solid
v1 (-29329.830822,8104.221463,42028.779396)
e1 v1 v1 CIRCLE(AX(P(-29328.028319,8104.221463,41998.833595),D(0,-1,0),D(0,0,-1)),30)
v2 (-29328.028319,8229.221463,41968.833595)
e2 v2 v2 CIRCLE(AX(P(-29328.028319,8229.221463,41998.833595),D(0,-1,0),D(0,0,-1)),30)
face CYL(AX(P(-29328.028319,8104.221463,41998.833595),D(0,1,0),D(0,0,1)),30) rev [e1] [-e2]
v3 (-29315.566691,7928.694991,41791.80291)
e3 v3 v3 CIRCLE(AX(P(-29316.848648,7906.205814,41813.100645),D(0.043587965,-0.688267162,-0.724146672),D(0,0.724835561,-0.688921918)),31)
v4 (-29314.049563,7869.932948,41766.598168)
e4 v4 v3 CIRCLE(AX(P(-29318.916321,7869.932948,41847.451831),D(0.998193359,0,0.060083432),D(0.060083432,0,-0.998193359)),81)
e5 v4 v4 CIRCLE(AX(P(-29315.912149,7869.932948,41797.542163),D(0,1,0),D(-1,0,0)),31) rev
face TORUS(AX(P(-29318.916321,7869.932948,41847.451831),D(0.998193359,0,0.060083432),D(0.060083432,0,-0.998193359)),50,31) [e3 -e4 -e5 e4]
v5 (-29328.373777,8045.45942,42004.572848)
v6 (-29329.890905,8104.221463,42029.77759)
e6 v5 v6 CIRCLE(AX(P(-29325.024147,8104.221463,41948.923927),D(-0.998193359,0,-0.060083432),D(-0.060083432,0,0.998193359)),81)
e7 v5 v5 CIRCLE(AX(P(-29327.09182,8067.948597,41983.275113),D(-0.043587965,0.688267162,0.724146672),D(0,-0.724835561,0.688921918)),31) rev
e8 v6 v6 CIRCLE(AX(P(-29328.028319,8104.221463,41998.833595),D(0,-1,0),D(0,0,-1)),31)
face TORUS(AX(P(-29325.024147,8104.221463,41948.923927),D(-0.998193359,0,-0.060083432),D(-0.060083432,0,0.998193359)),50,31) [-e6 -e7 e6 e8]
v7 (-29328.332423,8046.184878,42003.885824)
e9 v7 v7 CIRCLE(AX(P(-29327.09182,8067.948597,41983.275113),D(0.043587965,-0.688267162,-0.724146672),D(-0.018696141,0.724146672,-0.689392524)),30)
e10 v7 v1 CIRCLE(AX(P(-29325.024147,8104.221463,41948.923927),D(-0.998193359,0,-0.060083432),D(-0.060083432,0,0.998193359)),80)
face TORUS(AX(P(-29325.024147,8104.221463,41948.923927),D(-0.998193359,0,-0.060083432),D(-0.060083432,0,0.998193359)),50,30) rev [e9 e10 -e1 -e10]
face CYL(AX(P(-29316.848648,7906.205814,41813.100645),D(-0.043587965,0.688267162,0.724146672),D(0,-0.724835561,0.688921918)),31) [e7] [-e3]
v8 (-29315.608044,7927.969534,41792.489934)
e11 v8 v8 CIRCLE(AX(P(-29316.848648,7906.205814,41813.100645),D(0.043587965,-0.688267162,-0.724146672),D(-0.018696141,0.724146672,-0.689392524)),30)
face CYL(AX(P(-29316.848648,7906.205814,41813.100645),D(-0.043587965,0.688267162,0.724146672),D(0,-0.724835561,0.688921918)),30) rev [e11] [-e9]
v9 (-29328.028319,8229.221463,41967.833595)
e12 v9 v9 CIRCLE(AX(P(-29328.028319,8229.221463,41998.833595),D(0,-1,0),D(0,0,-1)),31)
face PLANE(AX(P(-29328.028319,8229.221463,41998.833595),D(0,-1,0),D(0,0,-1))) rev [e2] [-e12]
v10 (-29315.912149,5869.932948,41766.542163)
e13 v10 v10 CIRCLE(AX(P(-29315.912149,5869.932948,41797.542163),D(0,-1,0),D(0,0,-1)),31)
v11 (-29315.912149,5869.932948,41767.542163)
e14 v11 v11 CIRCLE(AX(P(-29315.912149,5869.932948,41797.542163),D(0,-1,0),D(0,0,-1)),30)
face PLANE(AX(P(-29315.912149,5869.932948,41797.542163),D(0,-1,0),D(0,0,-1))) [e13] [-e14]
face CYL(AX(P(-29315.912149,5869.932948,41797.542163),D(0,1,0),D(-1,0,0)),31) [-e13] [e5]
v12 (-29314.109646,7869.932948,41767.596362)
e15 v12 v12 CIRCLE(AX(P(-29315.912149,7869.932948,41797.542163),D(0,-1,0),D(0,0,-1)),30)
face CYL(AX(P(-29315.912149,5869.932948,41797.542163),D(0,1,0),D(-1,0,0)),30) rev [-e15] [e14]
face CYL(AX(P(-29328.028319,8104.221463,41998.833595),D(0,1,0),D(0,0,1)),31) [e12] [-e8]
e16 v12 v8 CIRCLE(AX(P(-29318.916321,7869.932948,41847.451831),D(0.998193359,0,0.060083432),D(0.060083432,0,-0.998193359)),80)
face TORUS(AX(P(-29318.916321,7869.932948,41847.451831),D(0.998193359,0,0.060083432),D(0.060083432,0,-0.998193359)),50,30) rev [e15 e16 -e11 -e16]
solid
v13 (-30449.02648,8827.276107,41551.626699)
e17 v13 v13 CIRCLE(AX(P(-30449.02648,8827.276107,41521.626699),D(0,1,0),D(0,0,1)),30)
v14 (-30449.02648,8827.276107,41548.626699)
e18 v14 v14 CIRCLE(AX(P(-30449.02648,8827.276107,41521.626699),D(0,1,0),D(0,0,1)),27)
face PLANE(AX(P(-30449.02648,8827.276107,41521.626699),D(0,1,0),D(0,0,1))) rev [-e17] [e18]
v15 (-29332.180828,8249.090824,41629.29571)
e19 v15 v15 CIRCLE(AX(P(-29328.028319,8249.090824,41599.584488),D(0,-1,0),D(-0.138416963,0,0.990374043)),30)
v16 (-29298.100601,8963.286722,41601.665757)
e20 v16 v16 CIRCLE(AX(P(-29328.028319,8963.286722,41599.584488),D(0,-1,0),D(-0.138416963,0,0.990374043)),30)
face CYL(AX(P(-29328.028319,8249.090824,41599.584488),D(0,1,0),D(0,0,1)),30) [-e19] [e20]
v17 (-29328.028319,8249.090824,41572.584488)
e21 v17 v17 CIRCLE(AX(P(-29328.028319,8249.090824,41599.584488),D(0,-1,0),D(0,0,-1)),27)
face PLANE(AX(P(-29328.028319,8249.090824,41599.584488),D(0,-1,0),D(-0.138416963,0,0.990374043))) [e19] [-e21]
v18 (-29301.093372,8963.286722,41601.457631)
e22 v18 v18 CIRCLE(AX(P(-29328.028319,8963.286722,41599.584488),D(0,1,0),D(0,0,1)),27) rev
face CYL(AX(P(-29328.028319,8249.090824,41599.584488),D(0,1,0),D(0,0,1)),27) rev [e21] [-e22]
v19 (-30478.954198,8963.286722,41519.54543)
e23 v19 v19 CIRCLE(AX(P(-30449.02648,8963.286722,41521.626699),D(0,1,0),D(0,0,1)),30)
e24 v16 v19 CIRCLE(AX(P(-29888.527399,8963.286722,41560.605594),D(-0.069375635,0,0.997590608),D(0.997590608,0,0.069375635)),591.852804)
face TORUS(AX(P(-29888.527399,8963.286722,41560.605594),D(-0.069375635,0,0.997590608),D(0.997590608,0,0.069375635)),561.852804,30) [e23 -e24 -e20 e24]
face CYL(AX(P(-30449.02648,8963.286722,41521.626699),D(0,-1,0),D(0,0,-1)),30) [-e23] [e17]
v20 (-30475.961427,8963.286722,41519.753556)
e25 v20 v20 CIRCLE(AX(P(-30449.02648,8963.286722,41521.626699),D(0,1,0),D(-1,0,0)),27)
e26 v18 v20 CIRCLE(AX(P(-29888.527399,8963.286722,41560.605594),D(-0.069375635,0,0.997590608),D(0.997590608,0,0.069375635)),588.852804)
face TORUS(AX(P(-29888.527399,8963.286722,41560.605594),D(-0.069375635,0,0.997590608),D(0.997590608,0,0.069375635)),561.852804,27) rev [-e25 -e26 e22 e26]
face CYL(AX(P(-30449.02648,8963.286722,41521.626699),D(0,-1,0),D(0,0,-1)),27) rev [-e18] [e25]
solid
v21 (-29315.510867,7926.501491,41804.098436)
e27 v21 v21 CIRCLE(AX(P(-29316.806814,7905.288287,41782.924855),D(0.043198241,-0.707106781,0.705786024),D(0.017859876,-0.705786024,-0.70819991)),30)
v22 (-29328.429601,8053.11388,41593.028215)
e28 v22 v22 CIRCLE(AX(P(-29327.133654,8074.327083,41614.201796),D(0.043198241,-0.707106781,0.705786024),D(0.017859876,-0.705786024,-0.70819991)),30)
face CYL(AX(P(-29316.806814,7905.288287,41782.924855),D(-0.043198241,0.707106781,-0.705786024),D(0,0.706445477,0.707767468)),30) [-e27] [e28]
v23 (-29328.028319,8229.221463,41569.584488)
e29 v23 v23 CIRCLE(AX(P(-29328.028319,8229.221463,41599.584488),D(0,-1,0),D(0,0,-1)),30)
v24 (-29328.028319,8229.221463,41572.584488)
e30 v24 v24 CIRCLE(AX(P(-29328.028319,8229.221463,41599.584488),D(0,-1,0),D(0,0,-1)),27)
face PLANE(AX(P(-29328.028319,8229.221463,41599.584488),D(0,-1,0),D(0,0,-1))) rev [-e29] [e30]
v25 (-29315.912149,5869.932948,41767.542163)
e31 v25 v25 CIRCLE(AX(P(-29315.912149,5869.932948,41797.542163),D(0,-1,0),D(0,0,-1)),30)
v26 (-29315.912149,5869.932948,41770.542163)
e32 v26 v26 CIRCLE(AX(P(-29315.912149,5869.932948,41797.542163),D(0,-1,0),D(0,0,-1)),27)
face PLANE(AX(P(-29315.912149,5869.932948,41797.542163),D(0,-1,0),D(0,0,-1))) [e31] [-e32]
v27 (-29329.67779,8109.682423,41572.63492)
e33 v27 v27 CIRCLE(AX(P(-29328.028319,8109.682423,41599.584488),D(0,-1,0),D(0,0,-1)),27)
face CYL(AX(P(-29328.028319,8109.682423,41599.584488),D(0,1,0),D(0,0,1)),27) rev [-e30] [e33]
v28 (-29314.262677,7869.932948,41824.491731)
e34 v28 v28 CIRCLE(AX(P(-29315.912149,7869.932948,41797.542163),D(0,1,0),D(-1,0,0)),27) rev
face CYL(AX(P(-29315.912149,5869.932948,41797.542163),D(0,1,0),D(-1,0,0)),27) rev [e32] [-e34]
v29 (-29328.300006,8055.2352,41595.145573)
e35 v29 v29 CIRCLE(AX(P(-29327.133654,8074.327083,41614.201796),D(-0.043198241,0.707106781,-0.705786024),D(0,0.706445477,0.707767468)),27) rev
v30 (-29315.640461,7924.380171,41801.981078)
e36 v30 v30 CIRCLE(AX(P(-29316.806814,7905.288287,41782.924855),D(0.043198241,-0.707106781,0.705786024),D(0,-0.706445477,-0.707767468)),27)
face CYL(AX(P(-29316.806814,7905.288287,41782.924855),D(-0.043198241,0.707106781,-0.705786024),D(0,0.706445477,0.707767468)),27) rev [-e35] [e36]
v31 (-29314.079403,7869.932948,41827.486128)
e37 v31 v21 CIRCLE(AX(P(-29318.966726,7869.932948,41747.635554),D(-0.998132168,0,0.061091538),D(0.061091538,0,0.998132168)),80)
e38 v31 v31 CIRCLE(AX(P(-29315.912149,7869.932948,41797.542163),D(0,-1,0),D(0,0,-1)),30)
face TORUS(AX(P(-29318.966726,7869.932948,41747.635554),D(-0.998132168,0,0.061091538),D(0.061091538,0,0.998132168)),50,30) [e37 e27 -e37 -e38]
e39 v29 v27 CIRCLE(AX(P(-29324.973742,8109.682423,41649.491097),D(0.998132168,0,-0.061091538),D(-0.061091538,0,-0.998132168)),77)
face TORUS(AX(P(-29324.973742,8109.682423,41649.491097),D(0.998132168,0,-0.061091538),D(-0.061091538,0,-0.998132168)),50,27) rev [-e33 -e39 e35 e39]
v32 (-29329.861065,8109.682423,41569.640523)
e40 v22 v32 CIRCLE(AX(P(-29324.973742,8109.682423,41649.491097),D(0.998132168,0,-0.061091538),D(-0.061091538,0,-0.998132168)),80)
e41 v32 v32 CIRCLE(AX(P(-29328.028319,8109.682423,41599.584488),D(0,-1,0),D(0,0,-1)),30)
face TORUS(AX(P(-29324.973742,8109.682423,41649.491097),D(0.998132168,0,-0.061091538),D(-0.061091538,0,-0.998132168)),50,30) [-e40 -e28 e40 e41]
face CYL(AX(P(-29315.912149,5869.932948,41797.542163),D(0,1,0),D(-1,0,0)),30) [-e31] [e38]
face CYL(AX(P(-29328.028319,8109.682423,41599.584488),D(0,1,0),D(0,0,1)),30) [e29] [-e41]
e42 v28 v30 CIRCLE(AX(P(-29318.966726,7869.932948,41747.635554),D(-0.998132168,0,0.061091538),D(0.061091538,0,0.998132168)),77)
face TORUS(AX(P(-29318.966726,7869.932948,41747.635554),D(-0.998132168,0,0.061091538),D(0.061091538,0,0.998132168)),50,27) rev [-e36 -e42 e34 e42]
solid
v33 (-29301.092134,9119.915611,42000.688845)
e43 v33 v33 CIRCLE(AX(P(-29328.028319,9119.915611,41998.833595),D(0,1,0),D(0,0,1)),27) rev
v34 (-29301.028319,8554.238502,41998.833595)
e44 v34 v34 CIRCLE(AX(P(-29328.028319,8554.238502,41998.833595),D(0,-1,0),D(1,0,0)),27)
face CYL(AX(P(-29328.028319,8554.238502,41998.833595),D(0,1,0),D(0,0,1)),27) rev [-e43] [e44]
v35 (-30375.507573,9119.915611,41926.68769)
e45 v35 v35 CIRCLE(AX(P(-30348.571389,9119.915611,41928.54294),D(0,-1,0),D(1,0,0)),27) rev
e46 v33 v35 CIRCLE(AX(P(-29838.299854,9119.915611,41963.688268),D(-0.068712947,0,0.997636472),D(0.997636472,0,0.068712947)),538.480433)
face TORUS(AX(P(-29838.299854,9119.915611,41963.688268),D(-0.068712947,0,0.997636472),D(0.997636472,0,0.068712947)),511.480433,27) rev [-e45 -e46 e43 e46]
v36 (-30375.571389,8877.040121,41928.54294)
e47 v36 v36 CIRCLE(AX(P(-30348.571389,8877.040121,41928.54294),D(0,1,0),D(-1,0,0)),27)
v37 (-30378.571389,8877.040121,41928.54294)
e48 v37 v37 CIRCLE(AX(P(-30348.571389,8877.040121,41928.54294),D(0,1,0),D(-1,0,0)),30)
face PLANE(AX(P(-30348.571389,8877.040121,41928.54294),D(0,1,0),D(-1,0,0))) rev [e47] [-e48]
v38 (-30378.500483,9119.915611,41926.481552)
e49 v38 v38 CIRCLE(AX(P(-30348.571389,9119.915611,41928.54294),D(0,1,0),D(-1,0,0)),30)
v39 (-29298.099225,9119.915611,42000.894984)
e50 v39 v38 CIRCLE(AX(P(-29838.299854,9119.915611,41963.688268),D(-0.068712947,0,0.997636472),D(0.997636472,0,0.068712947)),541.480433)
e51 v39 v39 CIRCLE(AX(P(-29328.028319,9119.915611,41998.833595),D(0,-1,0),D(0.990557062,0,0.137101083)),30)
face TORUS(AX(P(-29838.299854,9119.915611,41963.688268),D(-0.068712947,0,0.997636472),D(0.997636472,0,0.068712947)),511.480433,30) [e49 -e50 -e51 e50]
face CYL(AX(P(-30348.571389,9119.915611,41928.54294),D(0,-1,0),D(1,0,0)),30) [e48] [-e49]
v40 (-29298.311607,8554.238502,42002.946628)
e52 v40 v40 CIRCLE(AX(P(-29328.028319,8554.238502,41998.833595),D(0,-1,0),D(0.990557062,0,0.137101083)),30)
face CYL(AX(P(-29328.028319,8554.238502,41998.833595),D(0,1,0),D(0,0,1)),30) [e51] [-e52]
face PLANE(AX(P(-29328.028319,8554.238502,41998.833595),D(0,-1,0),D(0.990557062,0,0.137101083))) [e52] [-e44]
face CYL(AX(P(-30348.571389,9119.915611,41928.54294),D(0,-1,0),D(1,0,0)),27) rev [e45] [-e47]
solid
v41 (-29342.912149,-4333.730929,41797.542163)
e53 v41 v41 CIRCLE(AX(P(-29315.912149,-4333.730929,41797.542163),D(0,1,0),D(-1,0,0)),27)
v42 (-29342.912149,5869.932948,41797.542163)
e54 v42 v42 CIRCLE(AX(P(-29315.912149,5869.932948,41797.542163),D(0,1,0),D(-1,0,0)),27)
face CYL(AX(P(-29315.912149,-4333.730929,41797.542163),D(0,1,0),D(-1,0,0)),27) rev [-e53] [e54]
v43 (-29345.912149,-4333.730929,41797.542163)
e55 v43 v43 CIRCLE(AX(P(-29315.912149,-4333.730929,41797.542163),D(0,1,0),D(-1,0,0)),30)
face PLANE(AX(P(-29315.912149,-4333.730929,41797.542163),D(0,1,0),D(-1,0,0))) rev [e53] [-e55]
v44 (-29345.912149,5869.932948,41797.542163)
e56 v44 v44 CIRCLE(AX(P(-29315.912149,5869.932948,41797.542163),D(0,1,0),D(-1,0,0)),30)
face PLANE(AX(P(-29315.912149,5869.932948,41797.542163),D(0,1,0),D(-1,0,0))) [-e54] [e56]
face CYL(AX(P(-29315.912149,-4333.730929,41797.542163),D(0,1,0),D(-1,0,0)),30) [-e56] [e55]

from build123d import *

# Parameters (mm, degrees)
SWEEP_THIN1_PROFILE_R   = 30
SWEEP_THIN1_PROFILE_R_2 = 27
SWEEP_THIN2_PROFILE_R   = 31
SWEEP_THIN2_PROFILE_R_2 = 30
SWEEP_THIN3_PROFILE_R   = 30
SWEEP_THIN3_PROFILE_R_2 = 27
SWEEP_THIN4_PROFILE_R   = 30
SWEEP_THIN4_PROFILE_R_2 = 27
SWEEP_THIN5_PROFILE_R   = 30
SWEEP_THIN5_PROFILE_R_2 = 27


with BuildPart() as part:
    # Sweep-Thin1: sweep along a curve in space
    with BuildLine() as sweep_thin1_path:
        Line((-29315.912148977, -4333.730929332, 41797.542162608), (-29315.912148977, 5869.932948431, 41797.542162608))
    # Sweep-Thin1 profile (on start of the path) → Sweep-Thin1 (sweep)
    with BuildSketch(Plane(origin=(-29315.912148977, -4333.730929332, 41797.542162608), x_dir=(1, 0, 0), z_dir=(0, 1, 0))):
        Circle(SWEEP_THIN1_PROFILE_R)
        Circle(SWEEP_THIN1_PROFILE_R_2, mode=Mode.SUBTRACT)
    sweep(path=sweep_thin1_path.line)


with BuildPart() as body_2:
    # Sweep-Thin2: sweep along a curve in space
    with BuildLine() as sweep_thin2_path:
        Line((-29315.912148977, 5869.932948431, 41797.542162608), (-29315.912148978, 7869.932948431, 41797.542162608))
        ThreePointArc((-29315.912148978, 7869.932948431, 41797.542162608), (-29316.156185574, 7889.672909103, 41801.596453456), (-29316.848647923, 7906.2058141, 41813.100645029))
        Line((-29316.848647923, 7906.2058141, 41813.100645029), (-29327.091819815, 8067.948597198, 41983.275112988))
        ThreePointArc((-29327.091819815, 8067.948597198, 41983.275112988), (-29327.784282163, 8084.481502195, 41994.779304561), (-29328.028318761, 8104.221462868, 41998.83359541))
        Line((-29328.028318761, 8104.221462868, 41998.83359541), (-29328.028318761, 8229.221462868, 41998.83359541))
    # Sweep-Thin2 profile (on start of the path) → Sweep-Thin2 (sweep)
    with BuildSketch(Plane(origin=(-29315.912148977, 5869.932948431, 41797.542162608), x_dir=(1, 0, 0), z_dir=(0, 1, 0))):
        Circle(SWEEP_THIN2_PROFILE_R)
        Circle(SWEEP_THIN2_PROFILE_R_2, mode=Mode.SUBTRACT)
    sweep(path=sweep_thin2_path.line)


with BuildPart() as body_3:
    # Sweep-Thin3: sweep along a curve in space
    with BuildLine() as sweep_thin3_path:
        Line((-29315.912148977, 5869.932948432, 41797.542162608), (-29315.912148977, 7869.932948432, 41797.542162607))
        ThreePointArc((-29316.80681384, 7905.288287491, 41782.924855439), (-29316.1446648, 7889.06712005, 41793.743248247), (-29315.912148977, 7869.932948432, 41797.542162607))
        Line((-29316.80681384, 7905.288287491, 41782.924855439), (-29327.133653897, 8074.327083449, 41614.201795625))
        ThreePointArc((-29327.133653897, 8074.327083449, 41614.201795625), (-29327.795802938, 8090.54825089, 41603.383402817), (-29328.028318761, 8109.682422508, 41599.584488457))
        Line((-29328.028318761, 8109.682422508, 41599.584488457), (-29328.028318761, 8229.221462868, 41599.584488457))
    # Sweep-Thin3 profile (on start of the path) → Sweep-Thin3 (sweep)
    with BuildSketch(Plane(origin=(-29315.912148977, 5869.932948432, 41797.542162608), x_dir=(1, 0, 0), z_dir=(0, 1, 0))):
        Circle(SWEEP_THIN3_PROFILE_R)
        Circle(SWEEP_THIN3_PROFILE_R_2, mode=Mode.SUBTRACT)
    sweep(path=sweep_thin3_path.line)


with BuildPart() as body_4:
    # Sweep-Thin4: sweep along a curve in space
    with BuildLine() as sweep_thin4_path:
        Line((-29328.028318761, 8554.238502035, 41998.83359541), (-29328.028318761, 9119.915610551, 41998.83359541))
        ThreePointArc((-29328.028318761, 9119.915610551, 41998.83359541), (-29838.299853656, 9631.396043593, 41963.688267696), (-30348.571388551, 9119.915610551, 41928.542939982))
        Line((-30348.571388551, 9119.915610551, 41928.542939982), (-30348.571388551, 8877.040121217, 41928.542939982))
    # Sweep-Thin4 profile (on start of the path) → Sweep-Thin4 (sweep)
    with BuildSketch(Plane(origin=(-29328.028318761, 8554.238502035, 41998.83359541), x_dir=(0, 0, 1), z_dir=(0, 1, 0))):
        Circle(SWEEP_THIN4_PROFILE_R)
        Circle(SWEEP_THIN4_PROFILE_R_2, mode=Mode.SUBTRACT)
    sweep(path=sweep_thin4_path.line)


with BuildPart() as body_5:
    # Sweep-Thin5: sweep along a curve in space
    with BuildLine() as sweep_thin5_path:
        Line((-30449.026480145, 8963.286722, 41521.626698613), (-30449.026480145, 8827.276106778, 41521.626698613))
        ThreePointArc((-29328.028318761, 8963.286722, 41599.584488457), (-29888.527399453, 9525.139526306, 41560.605593535), (-30449.026480145, 8963.286722, 41521.626698613))
        Line((-29328.028318761, 8249.090823585, 41599.584488457), (-29328.028318761, 8963.286722, 41599.584488457))
    # Sweep-Thin5 profile (on start of the path) → Sweep-Thin5 (sweep)
    with BuildSketch(Plane(origin=(-29328.028318761, 8249.090823585, 41599.584488457), x_dir=(0, 0, 1), z_dir=(0, 1, 0))):
        Circle(SWEEP_THIN5_PROFILE_R)
        Circle(SWEEP_THIN5_PROFILE_R_2, mode=Mode.SUBTRACT)
    sweep(path=sweep_thin5_path.line)


solid = Compound([part.part, body_2.part, body_3.part, body_4.part, body_5.part])
